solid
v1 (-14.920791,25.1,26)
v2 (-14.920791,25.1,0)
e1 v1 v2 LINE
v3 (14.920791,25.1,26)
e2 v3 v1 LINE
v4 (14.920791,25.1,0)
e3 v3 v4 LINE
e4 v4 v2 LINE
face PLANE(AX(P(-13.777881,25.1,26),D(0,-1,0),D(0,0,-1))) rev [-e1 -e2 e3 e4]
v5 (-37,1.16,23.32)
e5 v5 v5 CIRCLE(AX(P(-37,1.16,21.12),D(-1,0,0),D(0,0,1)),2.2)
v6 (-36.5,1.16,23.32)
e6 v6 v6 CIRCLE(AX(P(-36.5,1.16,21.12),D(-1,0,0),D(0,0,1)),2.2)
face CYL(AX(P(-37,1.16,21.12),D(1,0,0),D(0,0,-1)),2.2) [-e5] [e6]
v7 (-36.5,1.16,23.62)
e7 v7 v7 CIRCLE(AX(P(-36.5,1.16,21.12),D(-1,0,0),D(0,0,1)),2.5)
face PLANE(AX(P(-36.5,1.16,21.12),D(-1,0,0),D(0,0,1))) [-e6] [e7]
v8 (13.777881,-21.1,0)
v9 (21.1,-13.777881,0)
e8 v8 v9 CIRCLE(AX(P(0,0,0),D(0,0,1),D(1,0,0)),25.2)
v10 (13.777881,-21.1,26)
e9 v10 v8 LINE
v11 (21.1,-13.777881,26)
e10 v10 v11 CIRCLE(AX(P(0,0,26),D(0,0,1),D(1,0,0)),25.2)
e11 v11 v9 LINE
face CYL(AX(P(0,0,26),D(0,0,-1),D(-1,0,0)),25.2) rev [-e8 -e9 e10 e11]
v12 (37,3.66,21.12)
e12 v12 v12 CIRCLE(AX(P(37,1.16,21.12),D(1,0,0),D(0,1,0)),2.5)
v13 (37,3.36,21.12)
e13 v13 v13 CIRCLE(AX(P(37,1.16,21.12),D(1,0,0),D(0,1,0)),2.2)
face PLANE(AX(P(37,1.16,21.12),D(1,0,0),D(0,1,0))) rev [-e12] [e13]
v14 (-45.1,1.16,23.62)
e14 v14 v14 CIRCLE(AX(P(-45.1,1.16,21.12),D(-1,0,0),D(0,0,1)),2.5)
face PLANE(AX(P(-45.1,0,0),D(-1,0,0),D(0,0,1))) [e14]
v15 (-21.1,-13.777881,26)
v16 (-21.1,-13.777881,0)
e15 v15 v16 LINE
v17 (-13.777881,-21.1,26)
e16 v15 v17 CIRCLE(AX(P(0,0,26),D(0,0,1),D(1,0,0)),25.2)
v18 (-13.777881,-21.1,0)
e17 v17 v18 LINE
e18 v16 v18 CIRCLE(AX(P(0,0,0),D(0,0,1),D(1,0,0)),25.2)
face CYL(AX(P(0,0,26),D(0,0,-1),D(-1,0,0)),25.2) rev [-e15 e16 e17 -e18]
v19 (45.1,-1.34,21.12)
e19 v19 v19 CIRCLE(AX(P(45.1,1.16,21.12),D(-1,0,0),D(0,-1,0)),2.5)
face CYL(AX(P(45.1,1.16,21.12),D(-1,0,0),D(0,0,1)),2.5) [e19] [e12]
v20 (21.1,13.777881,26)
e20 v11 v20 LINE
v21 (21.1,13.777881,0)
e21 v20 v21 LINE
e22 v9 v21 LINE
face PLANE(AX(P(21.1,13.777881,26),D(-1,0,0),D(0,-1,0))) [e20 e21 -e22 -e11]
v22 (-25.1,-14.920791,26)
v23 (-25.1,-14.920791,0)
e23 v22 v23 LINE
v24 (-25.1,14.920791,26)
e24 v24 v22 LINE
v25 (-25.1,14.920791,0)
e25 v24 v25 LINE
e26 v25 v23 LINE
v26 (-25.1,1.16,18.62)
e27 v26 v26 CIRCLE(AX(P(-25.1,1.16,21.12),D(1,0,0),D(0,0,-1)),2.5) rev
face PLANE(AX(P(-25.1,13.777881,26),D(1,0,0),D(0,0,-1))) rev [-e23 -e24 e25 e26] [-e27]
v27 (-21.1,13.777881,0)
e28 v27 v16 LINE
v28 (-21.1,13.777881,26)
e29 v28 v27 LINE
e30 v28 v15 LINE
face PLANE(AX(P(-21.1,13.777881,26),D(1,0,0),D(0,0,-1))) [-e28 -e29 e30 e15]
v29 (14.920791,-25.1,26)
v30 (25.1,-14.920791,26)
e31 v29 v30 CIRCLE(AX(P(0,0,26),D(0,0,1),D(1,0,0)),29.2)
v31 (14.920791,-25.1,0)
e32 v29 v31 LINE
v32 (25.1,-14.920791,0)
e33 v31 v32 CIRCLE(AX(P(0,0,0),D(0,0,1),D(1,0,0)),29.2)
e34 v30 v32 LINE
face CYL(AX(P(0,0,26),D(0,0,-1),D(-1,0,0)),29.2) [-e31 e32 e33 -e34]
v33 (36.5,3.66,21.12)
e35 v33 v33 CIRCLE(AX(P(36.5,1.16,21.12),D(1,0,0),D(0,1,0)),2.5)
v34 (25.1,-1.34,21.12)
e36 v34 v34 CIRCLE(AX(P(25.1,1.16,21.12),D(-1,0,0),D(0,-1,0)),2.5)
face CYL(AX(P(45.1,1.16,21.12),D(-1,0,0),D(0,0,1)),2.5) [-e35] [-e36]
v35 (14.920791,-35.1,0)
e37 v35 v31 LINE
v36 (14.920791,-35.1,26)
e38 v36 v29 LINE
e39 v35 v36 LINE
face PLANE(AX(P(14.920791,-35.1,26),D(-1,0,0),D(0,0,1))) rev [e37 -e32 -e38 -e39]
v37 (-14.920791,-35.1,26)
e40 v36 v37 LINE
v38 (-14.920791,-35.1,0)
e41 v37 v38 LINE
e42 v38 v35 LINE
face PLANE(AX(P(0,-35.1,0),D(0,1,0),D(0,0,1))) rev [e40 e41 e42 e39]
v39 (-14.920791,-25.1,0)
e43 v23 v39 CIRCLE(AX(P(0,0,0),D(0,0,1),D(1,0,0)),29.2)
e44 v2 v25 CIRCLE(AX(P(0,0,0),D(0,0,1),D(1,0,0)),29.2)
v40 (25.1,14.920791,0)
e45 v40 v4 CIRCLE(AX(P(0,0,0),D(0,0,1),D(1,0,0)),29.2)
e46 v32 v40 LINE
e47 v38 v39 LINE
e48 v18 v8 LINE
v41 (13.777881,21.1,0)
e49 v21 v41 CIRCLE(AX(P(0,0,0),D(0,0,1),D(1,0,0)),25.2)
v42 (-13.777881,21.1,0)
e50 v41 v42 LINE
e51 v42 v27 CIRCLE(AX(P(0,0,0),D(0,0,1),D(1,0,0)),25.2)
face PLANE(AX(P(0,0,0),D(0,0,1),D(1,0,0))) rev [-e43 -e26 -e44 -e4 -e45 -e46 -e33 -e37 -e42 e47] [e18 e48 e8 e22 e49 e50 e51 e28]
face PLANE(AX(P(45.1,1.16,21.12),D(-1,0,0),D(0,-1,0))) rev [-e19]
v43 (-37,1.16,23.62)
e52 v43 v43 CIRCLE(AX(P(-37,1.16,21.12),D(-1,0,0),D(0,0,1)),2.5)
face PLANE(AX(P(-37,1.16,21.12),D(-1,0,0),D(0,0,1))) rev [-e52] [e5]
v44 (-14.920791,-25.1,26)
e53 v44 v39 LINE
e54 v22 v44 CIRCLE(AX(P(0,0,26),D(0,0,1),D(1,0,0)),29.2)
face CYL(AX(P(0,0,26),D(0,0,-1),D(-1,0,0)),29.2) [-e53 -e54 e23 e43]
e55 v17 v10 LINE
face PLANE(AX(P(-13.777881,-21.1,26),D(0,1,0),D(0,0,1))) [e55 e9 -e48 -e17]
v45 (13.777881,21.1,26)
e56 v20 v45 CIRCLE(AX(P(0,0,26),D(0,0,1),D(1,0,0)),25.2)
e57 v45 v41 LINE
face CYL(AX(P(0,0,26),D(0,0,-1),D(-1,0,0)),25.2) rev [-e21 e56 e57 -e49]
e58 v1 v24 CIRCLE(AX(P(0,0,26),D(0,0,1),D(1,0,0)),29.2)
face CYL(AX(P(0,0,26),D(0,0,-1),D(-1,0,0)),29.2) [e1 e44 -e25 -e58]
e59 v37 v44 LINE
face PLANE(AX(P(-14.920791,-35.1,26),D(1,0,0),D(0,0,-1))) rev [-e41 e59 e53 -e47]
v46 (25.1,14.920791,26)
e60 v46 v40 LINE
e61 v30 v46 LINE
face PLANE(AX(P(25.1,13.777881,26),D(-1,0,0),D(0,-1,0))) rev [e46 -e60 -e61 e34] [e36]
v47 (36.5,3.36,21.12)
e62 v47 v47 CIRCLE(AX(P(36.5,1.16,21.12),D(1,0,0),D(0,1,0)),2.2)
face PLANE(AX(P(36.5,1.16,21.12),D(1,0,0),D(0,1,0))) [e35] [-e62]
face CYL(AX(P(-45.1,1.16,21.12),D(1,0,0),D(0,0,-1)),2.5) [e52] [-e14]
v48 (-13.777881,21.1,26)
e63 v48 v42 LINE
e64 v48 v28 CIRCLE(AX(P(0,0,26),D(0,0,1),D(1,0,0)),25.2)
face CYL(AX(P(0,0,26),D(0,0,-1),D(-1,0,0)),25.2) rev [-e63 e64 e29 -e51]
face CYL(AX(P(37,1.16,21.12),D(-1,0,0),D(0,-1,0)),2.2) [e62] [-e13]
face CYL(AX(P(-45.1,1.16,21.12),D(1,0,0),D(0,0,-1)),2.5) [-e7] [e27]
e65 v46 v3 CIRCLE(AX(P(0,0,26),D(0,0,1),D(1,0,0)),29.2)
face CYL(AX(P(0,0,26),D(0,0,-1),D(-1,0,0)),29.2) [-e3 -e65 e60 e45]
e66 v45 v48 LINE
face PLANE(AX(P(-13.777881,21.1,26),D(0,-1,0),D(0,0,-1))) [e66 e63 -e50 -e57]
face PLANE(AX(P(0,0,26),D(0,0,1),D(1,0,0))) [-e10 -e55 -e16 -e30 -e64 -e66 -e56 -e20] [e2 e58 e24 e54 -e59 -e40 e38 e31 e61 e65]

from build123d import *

# Parameters (mm, degrees)
EXTRUDE_THIN1_DEPTH        = 26
SKETCH2_R                  = 2.5
BOSS_EXTRUDE1_DEPTH        = 20
BOSS_EXTRUDE2_START        = -50.2
SKETCH2_3_R                = 2.5
BOSS_EXTRUDE2_DEPTH        = 20
SKETCH3_W                  = 29.841581728
SKETCH3_H                  = 26
BOSS_EXTRUDE3_DEPTH        = 10
WYTNIJ_WYCI_GNI_CIE1_START = -8.6
SZKIC1_R                   = 2.5
SZKIC1_R_2                 = 2.2
WYTNIJ_WYCI_GNI_CIE1_DEPTH = 0.5
WYTNIJ_WYCI_GNI_CIE2_START = -8.6
SZKIC2_R                   = 2.5
SZKIC2_R_2                 = 2.2
WYTNIJ_WYCI_GNI_CIE2_DEPTH = 0.5


with BuildPart() as part:
    # Sketch1 → Extrude-Thin1 (new body)
    with BuildSketch(Plane.XY):
        with BuildLine():
            Line((-25.1, -14.920790864), (-25.1, 14.920790864))
            ThreePointArc((-25.1, 14.920790864), (-20.647518011, 20.647518011), (-14.920790864, 25.1))
            Line((-14.920790864, 25.1), (14.920790864, 25.1))
            ThreePointArc((14.920790864, 25.1), (20.647518011, 20.647518011), (25.1, 14.920790864))
            Line((25.1, 14.920790864), (25.1, -14.920790864))
            ThreePointArc((25.1, -14.920790864), (20.647518011, -20.647518011), (14.920790864, -25.1))
            Line((14.920790864, -25.1), (-14.920790864, -25.1))
            ThreePointArc((-14.920790864, -25.1), (-20.647518011, -20.647518011), (-25.1, -14.920790864))
        make_face()
        with BuildLine():
            Line((-21.1, -13.777880824), (-21.1, 13.777880824))
            ThreePointArc((-21.1, 13.777880824), (-17.819090886, 17.819090886), (-13.777880824, 21.1))
            Line((-13.777880824, 21.1), (13.777880824, 21.1))
            ThreePointArc((13.777880824, 21.1), (17.819090886, 17.819090886), (21.1, 13.777880824))
            Line((21.1, 13.777880824), (21.1, -13.777880824))
            ThreePointArc((21.1, -13.777880824), (17.819090886, -17.819090886), (13.777880824, -21.1))
            Line((13.777880824, -21.1), (-13.777880824, -21.1))
            ThreePointArc((-13.777880824, -21.1), (-17.819090886, -17.819090886), (-21.1, -13.777880824))
        make_face(mode=Mode.SUBTRACT)
    extrude(amount=EXTRUDE_THIN1_DEPTH)

    # Sketch2 → Boss-Extrude1 (add)
    with BuildSketch(Plane.ZY.offset(25.1)):
        with Locations((21.12, 1.16)):
            Circle(SKETCH2_R)
    extrude(amount=BOSS_EXTRUDE1_DEPTH)

    # Sketch2<3> → Boss-Extrude2 (add)
    with BuildSketch(Plane.ZY.offset(25.1).offset(BOSS_EXTRUDE2_START)):
        with Locations((21.12, 1.16)):
            Circle(SKETCH2_3_R)
    extrude(amount=-BOSS_EXTRUDE2_DEPTH)

    # Sketch3 → Boss-Extrude3 (add)
    with BuildSketch(Plane.XZ.offset(25.1)):
        with Locations((0, 13)):
            Rectangle(SKETCH3_W, SKETCH3_H)
    extrude(amount=BOSS_EXTRUDE3_DEPTH)

    # Szkic1 → Wytnij-wyciągnięcie1 (cut)
    with BuildSketch(Plane(origin=(45.1, 0, 0), x_dir=(0, 0, -1), z_dir=(1, 0, 0)).offset(WYTNIJ_WYCI_GNI_CIE1_START)):
        with Locations((-21.12, 1.16)):
            Circle(SZKIC1_R)
        with Locations((-21.12, 1.16)):
            Circle(SZKIC1_R_2, mode=Mode.SUBTRACT)
    extrude(amount=WYTNIJ_WYCI_GNI_CIE1_DEPTH, mode=Mode.SUBTRACT)

    # Szkic2 → Wytnij-wyciągnięcie2 (cut)
    with BuildSketch(Plane.ZY.offset(45.1).offset(WYTNIJ_WYCI_GNI_CIE2_START)):
        with Locations((21.12, 1.16)):
            Circle(SZKIC2_R)
        with Locations((21.12, 1.16)):
            Circle(SZKIC2_R_2, mode=Mode.SUBTRACT)
    extrude(amount=WYTNIJ_WYCI_GNI_CIE2_DEPTH, mode=Mode.SUBTRACT)


solid = part.part
